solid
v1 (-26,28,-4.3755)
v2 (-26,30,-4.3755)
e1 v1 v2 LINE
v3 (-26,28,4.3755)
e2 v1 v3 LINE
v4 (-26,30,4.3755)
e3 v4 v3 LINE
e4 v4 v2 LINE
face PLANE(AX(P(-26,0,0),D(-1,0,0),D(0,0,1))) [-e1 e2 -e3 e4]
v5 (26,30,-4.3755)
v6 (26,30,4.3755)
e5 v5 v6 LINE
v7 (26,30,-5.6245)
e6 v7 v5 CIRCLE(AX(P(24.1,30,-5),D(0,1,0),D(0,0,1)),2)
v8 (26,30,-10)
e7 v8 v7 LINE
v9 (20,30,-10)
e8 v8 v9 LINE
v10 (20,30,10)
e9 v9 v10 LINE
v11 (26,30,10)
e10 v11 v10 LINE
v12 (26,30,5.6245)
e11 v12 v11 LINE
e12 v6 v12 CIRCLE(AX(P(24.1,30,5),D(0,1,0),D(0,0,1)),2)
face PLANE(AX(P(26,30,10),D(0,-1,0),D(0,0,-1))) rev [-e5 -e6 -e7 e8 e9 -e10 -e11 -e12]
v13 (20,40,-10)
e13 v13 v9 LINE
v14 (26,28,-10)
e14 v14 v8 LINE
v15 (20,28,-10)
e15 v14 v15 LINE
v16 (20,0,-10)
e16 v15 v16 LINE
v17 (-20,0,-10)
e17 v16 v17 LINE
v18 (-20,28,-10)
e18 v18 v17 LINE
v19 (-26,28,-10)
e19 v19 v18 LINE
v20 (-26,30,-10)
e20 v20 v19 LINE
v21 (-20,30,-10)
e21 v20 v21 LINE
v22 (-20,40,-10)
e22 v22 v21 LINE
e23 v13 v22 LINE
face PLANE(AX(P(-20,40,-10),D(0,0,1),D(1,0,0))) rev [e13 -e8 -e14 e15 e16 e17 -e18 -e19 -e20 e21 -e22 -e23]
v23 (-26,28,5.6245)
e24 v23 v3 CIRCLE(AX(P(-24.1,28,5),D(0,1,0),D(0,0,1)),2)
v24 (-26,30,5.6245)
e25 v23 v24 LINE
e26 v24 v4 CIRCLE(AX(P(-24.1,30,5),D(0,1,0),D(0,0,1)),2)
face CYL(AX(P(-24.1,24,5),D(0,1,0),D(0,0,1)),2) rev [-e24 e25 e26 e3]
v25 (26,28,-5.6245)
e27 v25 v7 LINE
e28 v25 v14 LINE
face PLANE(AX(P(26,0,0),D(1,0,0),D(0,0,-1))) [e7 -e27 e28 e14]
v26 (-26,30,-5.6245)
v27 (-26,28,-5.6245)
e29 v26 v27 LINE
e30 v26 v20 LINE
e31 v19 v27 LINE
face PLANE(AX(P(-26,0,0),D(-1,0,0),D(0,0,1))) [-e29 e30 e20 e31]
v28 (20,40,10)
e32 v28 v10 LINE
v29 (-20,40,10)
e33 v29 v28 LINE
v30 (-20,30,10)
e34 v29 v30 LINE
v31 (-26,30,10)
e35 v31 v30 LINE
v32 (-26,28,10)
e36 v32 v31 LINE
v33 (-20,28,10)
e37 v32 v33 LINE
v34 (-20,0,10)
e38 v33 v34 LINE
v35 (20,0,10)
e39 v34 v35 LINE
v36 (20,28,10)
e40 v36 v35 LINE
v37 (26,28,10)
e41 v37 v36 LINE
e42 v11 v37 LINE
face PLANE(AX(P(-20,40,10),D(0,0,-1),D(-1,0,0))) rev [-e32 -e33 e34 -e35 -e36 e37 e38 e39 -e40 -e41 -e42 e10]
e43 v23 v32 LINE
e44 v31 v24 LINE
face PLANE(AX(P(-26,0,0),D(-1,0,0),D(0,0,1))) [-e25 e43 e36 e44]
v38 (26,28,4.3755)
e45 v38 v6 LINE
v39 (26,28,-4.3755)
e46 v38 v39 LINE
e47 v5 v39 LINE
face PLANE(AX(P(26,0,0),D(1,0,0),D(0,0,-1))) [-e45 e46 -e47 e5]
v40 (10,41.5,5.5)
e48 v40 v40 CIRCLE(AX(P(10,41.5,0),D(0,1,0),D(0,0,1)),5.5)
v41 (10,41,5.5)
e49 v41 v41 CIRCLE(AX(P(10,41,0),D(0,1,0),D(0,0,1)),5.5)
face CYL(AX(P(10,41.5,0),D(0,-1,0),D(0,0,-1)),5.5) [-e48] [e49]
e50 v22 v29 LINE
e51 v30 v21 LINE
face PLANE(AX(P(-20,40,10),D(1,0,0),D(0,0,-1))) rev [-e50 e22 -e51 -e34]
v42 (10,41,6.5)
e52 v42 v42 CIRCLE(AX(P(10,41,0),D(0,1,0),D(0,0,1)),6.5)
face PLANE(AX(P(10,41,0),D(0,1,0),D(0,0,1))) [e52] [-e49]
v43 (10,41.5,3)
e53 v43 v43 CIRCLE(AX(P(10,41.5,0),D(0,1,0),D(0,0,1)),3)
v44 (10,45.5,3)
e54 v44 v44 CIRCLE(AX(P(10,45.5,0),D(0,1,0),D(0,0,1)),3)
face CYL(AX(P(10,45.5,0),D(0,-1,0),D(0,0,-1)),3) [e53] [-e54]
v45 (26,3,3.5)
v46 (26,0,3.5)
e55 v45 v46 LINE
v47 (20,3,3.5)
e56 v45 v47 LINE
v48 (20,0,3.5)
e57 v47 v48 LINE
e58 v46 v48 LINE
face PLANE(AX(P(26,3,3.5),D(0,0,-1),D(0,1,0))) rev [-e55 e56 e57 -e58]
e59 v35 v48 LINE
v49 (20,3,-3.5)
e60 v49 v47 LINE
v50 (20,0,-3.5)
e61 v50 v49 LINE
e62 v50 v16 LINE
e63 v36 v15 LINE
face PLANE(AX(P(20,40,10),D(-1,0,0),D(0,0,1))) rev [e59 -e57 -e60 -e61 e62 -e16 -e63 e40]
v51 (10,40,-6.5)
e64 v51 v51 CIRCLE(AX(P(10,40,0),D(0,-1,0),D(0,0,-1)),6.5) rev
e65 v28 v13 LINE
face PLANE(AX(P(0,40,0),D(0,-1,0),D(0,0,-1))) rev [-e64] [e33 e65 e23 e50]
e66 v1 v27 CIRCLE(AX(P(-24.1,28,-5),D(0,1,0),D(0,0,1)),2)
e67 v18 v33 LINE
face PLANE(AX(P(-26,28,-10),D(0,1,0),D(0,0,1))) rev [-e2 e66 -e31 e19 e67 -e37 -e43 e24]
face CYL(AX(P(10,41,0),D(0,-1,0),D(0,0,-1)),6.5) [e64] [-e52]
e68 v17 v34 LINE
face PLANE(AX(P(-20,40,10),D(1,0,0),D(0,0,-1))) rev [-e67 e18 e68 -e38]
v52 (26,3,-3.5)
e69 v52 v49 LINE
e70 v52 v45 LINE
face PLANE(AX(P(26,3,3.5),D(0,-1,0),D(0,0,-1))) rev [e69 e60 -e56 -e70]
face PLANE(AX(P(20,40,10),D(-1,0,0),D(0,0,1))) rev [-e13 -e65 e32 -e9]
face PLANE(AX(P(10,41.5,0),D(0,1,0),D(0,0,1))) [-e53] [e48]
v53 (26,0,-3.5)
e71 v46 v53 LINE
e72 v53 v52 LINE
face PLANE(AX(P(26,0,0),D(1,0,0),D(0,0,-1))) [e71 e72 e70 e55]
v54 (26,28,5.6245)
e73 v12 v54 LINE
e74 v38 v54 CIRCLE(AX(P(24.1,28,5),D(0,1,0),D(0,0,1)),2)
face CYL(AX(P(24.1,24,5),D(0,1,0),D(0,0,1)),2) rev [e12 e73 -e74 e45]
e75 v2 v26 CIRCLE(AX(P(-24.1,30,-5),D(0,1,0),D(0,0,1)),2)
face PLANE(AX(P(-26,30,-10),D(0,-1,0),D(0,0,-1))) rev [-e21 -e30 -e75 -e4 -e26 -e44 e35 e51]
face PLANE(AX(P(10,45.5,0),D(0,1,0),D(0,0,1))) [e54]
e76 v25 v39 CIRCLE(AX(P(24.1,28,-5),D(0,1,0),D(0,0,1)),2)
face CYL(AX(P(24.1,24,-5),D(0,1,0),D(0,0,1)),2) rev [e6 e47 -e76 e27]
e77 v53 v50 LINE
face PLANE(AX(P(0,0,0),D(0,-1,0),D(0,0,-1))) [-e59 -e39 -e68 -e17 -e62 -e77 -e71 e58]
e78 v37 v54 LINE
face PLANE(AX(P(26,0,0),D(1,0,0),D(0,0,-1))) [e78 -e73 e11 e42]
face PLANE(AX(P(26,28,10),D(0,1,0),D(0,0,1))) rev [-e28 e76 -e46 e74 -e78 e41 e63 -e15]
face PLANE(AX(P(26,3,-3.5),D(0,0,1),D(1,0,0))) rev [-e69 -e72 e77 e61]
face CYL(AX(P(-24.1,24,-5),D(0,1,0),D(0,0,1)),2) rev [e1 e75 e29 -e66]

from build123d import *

# Parameters (mm, degrees)
SKETCH_1_W          = 40
SKETCH_1_H          = 20
EXTRUDE_1_DEPTH     = 40
SKETCH_2_W          = 20
SKETCH_2_H          = 2
SKETCH_2_W_2        = 7
SKETCH_2_H_2        = 3
EXTRUDE_2_DEPTH     = 6
SKETCH_3_W          = 20
SKETCH_3_H          = 2
EXTRUDE_3_DEPTH     = 6
SKETCH_4_R          = 2
CUT_EXTRUDE_2_DEPTH = 6
SKETCH_5_R          = 6.5
EXTRUDE_4_DEPTH     = 1
SKETCH_6_R          = 5.5
EXTRUDE_5_DEPTH     = 0.5
SKETCH_7_R          = 3
EXTRUDE_6_DEPTH     = 4


with BuildPart() as part:
    # 草图1 → 凸台-拉伸1 (new body)
    with BuildSketch(Plane(origin=(0, 0, 0), x_dir=(1, 0, 0), z_dir=(0, 1, 0))):
        Rectangle(SKETCH_1_W, SKETCH_1_H)
    extrude(amount=EXTRUDE_1_DEPTH)

    # 草图2 → 凸台-拉伸2 (add)
    with BuildSketch(Plane(origin=(20, 0, 0), x_dir=(0, 0, -1), z_dir=(1, 0, 0))):
        with Locations((0, 29)):
            Rectangle(SKETCH_2_W, SKETCH_2_H)
        with Locations((0, 1.5)):
            Rectangle(SKETCH_2_W_2, SKETCH_2_H_2)
    extrude(amount=EXTRUDE_2_DEPTH)

    # 草图3 → 凸台-拉伸3 (add)
    with BuildSketch(Plane.ZY.offset(20)):
        with Locations((0, 29)):
            Rectangle(SKETCH_3_W, SKETCH_3_H)
    extrude(amount=EXTRUDE_3_DEPTH)

    # 草图4 → 切除-拉伸2 (cut)
    with BuildSketch(Plane(origin=(0, 30, 0), x_dir=(1, 0, 0), z_dir=(0, 1, 0))):
        with Locations((24.1, 5)):
            Circle(SKETCH_4_R)
        with Locations((24.1, -5)):
            Circle(SKETCH_4_R)
        with Locations((-24.1, 5)):
            Circle(SKETCH_4_R)
        with Locations((-24.1, -5)):
            Circle(SKETCH_4_R)
    extrude(amount=-CUT_EXTRUDE_2_DEPTH, mode=Mode.SUBTRACT)

    # 草图5 → 凸台-拉伸4 (add)
    with BuildSketch(Plane(origin=(0, 40, 0), x_dir=(1, 0, 0), z_dir=(0, 1, 0))):
        with Locations((10, 0)):
            Circle(SKETCH_5_R)
    extrude(amount=EXTRUDE_4_DEPTH)

    # 草图6 → 凸台-拉伸5 (add)
    with BuildSketch(Plane(origin=(0, 41, 0), x_dir=(1, 0, 0), z_dir=(0, 1, 0))):
        with Locations((10, 0)):
            Circle(SKETCH_6_R)
    extrude(amount=EXTRUDE_5_DEPTH)

    # 草图7 → 凸台-拉伸6 (add)
    with BuildSketch(Plane(origin=(0, 41.5, 0), x_dir=(1, 0, 0), z_dir=(0, 1, 0))):
        with Locations((10, 0)):
            Circle(SKETCH_7_R)
    extrude(amount=EXTRUDE_6_DEPTH)


solid = part.part
